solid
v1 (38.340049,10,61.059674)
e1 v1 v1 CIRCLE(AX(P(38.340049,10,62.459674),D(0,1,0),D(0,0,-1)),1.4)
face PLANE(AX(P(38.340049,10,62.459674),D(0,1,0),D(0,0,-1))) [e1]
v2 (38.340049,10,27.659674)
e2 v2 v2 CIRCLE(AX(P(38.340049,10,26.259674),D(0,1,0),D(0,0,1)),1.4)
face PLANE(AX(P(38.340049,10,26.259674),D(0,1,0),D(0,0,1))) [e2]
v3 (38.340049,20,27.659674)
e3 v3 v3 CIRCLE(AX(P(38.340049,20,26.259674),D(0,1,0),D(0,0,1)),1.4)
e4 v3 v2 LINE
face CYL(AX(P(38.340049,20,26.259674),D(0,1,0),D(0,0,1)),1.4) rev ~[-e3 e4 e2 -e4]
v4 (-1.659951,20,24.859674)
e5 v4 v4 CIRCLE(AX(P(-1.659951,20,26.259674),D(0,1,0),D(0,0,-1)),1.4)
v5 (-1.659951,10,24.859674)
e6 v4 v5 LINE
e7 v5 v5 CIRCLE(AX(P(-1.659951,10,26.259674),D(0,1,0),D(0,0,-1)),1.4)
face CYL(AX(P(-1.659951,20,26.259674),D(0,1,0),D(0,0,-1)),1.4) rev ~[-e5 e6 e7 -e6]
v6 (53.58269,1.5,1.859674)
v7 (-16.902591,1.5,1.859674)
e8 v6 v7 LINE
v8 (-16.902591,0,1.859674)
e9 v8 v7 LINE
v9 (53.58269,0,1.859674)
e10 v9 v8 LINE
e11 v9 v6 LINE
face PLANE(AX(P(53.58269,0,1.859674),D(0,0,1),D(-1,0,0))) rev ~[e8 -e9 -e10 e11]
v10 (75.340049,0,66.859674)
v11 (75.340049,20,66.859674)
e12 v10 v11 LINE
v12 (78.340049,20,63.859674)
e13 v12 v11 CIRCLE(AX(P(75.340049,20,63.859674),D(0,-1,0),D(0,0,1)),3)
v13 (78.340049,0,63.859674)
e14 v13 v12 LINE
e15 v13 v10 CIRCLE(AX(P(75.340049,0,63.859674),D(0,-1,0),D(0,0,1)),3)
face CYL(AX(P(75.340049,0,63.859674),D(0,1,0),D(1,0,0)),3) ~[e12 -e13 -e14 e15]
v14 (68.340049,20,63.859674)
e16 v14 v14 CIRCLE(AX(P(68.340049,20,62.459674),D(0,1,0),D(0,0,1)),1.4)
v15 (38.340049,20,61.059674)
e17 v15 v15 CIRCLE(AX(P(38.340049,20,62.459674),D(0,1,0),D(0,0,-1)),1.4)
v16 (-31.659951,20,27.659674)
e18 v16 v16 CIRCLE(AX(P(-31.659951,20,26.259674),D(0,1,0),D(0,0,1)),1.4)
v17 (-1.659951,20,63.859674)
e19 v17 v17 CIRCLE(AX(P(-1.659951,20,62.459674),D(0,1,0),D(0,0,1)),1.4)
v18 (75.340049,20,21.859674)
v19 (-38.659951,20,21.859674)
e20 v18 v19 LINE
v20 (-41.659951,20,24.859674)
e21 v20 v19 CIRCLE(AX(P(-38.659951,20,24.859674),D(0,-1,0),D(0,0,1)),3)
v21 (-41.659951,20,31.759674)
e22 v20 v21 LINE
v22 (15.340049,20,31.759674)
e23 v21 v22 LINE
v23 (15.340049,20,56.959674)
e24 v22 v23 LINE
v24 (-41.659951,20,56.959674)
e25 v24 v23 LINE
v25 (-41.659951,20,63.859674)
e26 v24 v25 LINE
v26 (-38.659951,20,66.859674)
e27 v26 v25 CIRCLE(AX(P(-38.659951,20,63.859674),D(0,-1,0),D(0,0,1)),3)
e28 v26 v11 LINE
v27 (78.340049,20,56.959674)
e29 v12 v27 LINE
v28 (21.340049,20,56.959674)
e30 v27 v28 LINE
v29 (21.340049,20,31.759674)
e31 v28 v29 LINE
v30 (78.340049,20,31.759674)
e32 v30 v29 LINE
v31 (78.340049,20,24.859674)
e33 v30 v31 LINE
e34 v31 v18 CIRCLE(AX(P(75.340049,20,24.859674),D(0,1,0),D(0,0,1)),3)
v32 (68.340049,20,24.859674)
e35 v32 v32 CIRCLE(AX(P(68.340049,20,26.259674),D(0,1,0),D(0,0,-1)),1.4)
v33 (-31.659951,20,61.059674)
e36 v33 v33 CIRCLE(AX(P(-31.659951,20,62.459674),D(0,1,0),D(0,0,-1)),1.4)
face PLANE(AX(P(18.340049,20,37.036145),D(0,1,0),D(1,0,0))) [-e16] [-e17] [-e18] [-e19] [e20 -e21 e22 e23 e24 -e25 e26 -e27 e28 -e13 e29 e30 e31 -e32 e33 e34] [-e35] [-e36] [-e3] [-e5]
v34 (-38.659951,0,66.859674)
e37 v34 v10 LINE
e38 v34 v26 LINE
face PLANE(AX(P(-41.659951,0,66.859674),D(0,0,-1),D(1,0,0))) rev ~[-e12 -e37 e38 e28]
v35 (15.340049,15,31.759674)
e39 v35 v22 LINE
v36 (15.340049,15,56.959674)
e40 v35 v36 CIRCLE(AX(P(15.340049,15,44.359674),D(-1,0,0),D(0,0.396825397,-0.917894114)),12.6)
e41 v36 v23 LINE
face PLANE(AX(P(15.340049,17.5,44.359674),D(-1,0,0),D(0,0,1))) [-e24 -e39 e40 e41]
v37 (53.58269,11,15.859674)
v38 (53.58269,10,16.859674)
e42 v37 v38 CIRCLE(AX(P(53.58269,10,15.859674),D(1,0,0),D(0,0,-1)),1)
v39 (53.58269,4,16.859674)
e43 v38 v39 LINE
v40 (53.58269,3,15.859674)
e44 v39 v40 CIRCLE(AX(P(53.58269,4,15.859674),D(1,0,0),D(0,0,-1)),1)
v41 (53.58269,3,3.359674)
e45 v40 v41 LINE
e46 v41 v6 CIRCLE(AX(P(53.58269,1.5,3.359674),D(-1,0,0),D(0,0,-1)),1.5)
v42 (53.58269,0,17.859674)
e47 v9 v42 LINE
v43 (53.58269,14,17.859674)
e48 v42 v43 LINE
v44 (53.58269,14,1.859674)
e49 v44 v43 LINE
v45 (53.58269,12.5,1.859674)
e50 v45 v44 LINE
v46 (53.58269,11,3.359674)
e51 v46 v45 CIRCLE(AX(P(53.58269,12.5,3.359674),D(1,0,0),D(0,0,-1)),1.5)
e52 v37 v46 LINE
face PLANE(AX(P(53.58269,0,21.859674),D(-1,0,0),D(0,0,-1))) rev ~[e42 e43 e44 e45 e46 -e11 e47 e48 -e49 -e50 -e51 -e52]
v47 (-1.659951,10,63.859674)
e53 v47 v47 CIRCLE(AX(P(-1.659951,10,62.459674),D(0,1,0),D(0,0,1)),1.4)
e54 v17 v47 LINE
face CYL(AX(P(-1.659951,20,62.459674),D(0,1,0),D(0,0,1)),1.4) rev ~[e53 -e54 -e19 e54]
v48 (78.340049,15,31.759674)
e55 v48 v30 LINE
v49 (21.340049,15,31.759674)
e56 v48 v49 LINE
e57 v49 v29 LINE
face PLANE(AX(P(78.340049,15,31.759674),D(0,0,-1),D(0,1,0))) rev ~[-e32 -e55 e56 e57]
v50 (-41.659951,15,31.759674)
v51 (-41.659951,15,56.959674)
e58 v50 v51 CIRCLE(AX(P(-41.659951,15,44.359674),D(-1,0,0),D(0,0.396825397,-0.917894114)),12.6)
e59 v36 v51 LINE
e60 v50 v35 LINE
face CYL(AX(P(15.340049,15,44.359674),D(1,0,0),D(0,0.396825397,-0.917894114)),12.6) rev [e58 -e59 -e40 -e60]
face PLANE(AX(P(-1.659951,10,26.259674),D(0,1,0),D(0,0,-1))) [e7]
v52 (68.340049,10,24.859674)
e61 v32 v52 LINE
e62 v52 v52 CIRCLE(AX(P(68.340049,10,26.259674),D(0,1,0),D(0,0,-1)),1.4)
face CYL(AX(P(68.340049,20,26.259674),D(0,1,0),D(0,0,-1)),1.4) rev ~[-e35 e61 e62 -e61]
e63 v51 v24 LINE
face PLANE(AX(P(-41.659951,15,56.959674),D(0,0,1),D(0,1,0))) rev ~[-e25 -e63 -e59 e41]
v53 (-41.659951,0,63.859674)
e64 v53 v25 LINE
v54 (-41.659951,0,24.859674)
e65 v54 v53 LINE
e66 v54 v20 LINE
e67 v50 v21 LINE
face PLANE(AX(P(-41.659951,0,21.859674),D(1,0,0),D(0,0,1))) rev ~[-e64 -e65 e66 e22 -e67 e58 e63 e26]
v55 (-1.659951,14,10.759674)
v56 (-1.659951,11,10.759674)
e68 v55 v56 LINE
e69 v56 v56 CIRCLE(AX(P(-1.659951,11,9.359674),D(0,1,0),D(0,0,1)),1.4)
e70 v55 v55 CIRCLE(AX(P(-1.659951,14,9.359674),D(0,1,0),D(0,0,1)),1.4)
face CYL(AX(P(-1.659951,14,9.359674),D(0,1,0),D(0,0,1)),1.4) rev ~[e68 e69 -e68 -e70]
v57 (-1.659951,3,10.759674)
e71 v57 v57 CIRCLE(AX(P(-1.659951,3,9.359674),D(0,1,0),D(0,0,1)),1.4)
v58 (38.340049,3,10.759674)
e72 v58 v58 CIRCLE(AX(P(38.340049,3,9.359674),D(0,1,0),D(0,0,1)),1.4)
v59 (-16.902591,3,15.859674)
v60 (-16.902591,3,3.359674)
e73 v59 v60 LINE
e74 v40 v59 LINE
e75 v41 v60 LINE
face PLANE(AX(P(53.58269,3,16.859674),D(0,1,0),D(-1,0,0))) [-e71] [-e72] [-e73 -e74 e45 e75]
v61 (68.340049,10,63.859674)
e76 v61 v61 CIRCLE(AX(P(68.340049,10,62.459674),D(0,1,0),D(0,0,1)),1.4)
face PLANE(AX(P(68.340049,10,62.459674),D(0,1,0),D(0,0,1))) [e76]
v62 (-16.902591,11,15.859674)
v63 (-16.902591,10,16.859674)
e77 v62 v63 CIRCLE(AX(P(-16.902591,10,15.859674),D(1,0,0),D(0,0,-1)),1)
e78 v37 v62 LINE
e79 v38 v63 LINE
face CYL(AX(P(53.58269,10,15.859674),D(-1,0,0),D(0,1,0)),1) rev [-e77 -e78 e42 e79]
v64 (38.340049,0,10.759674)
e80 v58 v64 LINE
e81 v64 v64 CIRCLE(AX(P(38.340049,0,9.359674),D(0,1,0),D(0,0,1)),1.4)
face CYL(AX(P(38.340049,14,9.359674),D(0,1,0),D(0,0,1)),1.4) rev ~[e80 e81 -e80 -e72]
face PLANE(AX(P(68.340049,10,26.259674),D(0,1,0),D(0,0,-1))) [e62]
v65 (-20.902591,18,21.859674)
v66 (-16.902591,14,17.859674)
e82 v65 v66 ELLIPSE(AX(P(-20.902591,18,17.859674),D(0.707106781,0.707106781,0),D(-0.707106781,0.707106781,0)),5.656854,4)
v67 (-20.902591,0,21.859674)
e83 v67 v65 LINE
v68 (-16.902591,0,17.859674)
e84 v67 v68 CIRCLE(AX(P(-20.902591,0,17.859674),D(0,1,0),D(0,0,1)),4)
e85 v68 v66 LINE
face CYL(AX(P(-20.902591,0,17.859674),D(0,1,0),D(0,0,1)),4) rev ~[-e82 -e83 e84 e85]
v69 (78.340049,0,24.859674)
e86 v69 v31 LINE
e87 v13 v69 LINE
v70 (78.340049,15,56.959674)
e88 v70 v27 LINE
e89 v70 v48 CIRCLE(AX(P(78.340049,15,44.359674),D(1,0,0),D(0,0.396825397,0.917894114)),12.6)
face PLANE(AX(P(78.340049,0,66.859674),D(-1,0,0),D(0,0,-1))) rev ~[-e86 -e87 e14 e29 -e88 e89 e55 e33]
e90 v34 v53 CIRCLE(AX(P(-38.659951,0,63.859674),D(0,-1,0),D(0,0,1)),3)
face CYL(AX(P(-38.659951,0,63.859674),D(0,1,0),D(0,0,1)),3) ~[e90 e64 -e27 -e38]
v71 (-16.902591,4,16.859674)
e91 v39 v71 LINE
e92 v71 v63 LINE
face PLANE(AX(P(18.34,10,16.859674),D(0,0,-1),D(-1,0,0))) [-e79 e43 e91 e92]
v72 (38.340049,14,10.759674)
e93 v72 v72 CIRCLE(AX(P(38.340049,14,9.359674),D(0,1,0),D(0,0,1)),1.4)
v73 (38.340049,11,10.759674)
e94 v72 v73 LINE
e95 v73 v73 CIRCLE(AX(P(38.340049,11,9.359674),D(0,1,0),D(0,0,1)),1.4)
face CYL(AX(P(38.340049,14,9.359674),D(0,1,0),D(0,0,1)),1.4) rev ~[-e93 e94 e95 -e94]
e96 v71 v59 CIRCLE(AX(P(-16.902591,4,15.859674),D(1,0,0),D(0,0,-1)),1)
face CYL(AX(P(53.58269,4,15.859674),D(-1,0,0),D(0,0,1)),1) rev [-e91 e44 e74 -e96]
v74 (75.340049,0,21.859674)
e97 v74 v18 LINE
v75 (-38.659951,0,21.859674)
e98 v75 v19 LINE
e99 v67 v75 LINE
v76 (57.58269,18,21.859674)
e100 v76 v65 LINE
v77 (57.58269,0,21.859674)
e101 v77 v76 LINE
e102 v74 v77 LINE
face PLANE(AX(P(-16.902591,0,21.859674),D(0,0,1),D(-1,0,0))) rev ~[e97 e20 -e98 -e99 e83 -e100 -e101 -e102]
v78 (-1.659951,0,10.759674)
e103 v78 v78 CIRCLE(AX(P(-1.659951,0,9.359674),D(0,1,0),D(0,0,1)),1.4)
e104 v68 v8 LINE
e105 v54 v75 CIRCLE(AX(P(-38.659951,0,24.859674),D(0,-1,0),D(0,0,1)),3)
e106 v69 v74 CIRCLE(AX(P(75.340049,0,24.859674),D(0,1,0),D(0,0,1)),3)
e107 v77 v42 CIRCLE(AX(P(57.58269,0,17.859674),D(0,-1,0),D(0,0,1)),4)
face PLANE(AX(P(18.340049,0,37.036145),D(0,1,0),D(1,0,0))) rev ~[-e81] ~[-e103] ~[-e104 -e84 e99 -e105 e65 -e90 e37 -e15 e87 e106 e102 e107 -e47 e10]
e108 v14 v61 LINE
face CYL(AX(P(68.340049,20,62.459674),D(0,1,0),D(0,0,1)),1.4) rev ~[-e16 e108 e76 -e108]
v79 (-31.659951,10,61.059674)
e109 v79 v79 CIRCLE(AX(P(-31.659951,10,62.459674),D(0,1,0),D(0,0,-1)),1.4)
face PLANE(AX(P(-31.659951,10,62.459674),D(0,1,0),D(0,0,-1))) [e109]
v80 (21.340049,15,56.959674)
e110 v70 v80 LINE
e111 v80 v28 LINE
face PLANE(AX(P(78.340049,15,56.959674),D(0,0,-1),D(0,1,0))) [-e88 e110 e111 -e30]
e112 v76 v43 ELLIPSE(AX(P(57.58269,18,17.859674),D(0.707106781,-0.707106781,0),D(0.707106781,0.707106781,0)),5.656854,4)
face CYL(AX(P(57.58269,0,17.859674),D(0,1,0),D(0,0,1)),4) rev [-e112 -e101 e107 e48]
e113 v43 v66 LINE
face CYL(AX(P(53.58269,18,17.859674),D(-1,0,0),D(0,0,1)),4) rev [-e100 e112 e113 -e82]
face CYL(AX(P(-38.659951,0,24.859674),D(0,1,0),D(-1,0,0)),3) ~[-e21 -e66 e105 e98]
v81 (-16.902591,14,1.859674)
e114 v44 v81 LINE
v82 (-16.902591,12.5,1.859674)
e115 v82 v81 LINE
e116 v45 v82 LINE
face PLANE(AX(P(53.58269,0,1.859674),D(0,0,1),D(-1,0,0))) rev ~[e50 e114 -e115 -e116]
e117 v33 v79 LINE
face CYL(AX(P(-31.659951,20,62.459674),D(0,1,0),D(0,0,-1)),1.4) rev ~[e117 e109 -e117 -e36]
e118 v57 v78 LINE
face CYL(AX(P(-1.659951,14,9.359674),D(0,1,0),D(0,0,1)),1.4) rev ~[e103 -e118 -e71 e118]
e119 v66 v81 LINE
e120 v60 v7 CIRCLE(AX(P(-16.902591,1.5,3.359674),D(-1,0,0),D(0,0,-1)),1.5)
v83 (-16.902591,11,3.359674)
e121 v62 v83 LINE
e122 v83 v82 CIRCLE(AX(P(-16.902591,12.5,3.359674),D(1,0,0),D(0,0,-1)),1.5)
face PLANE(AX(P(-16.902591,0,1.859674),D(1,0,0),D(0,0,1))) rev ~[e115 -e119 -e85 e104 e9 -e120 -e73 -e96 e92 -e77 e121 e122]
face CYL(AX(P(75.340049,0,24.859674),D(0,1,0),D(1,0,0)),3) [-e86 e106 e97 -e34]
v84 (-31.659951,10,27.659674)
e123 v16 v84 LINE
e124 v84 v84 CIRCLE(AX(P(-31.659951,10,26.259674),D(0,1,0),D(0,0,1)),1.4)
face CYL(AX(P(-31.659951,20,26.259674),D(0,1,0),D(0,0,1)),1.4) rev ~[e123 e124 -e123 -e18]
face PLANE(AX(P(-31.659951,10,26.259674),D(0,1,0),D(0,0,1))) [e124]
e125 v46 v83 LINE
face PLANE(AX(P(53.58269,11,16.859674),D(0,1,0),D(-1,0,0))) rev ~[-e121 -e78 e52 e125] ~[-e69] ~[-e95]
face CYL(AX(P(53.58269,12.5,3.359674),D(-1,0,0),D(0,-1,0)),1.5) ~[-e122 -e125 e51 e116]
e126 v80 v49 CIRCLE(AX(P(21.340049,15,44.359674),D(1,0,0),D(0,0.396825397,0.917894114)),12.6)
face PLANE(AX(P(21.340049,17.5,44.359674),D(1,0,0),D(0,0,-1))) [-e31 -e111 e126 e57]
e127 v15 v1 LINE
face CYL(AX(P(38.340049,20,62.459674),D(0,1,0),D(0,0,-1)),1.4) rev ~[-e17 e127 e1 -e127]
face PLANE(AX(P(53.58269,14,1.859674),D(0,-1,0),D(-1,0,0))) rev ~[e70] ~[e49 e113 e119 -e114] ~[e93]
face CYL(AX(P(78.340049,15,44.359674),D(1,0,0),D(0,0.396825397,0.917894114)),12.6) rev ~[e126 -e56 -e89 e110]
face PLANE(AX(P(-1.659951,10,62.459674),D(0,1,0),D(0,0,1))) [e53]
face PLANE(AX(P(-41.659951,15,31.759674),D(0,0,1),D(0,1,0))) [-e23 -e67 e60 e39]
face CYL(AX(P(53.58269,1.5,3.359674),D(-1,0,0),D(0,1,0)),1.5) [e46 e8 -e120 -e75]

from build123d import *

# Parameters (mm, degrees)
BOSS_EXTRUDE1_DEPTH     = 20
CUT_EXTRUDE1_DEPTH      = 57
CUT_EXTRUDE2_START      = -57
CUT_EXTRUDE2_DEPTH      = 57
SKETCH12_W              = 70.48528137
SKETCH12_H              = 6
CUT_EXTRUDE3_DEPTH      = 20
CUT_EXTRUDE4_DEPTH      = 104.740847077
CUT_EXTRUDE4_DEPTH_BACK = 15
SKETCH12_7_OUTSIDE_W    = 149.586
SKETCH12_7_OUTSIDE_H    = 49.586
SKETCH12_7_OUTSIDE_W_2  = 70.48528137
SKETCH12_7_OUTSIDE_H_2  = 3
SKETCH16_W              = 25.2
SKETCH16_H              = 5
CUT_EXTRUDE8_DEPTH      = 57
SKETCH18_R              = 1.4
CUT_EXTRUDE11_DEPTH     = 10
FILLET2_R               = 1
FILLET3_R               = 1.5
SKETCH20_W              = 25.2
SKETCH20_H              = 5
CUT_EXTRUDE12_DEPTH     = 57
FILLET5_R               = 3
FILLET6_R               = 4
SKETCH21_R              = 1.4
CUT_EXTRUDE13_DEPTH     = 20


with BuildPart() as part:
    # Sketch2 → Boss-Extrude1 (new body)
    with BuildSketch(Plane(origin=(0, 0, 0), x_dir=(1, 0, 0), z_dir=(0, 1, 0))):
        Polygon((-41.659950522, -21.859673837), (-41.659950522, -66.859673837), (78.340049478, -66.859673837), (78.340049478, -21.859673837), (53.582690163, -21.859673837), (53.582690163, -1.859673837), (-16.902591207, -1.859673837), (-16.902591207, -21.859673837), align=None)
    extrude(amount=BOSS_EXTRUDE1_DEPTH)

    # Sketch3 → Cut-Extrude1 (cut)
    with BuildSketch(Plane(origin=(78.340049478, 0, 0), x_dir=(0, 0, -1), z_dir=(1, 0, 0))):
        with BuildLine():
            ThreePointArc((-55.925139673, 20), (-46.912626096, 2.661343883), (-31.759673837, 15))
            ThreePointArc((-31.759673837, 15), (-32.02101772, 17.552952259), (-32.794208001, 20))
            Line((-32.794208001, 20), (-55.925139673, 20))
        make_face()
    extrude(amount=-CUT_EXTRUDE1_DEPTH, mode=Mode.SUBTRACT)

    # Sketch5 → Cut-Extrude2 (cut)
    with BuildSketch(Plane.ZY.offset(41.659950522).offset(CUT_EXTRUDE2_START)):
        with BuildLine():
            ThreePointArc((32.794208001, 20), (41.806721579, 2.661343883), (56.959673837, 15))
            ThreePointArc((56.959673837, 15), (56.698329954, 17.552952259), (55.925139673, 20))
            Line((55.925139673, 20), (32.794208001, 20))
        make_face()
    extrude(amount=CUT_EXTRUDE2_DEPTH, mode=Mode.SUBTRACT)

    # Sketch12 → Cut-Extrude3 (cut)
    with BuildSketch(Plane(origin=(0, 0, 1.859673837), x_dir=(-1, 0, 0), z_dir=(0, 0, -1))):
        with Locations((-18.340049478, 17)):
            Rectangle(SKETCH12_W, SKETCH12_H)
    extrude(amount=-CUT_EXTRUDE3_DEPTH, mode=Mode.SUBTRACT)

    # Sketch12<7> outside → Cut-Extrude4 (cut, two sides: drawn at the far end of the back side and taken through both)
    with BuildSketch(Plane(origin=(0, 0, 1.859673837), x_dir=(-1, 0, 0), z_dir=(0, 0, -1)).offset(-CUT_EXTRUDE4_DEPTH_BACK)):
        with Locations((-18.34, 10)):
            Rectangle(SKETCH12_7_OUTSIDE_W, SKETCH12_7_OUTSIDE_H)
        with Locations((-18.340049478, 1.5)):
            Rectangle(SKETCH12_7_OUTSIDE_W_2, SKETCH12_7_OUTSIDE_H_2, mode=Mode.SUBTRACT)
        with Locations((-18.340049478, 12.5)):
            Rectangle(SKETCH12_7_OUTSIDE_W_2, SKETCH12_7_OUTSIDE_H_2, mode=Mode.SUBTRACT)
    extrude(amount=CUT_EXTRUDE4_DEPTH + CUT_EXTRUDE4_DEPTH_BACK, mode=Mode.SUBTRACT)

    # Sketch16 → Cut-Extrude8 (cut)
    with BuildSketch(Plane.ZY.offset(41.659950522)):
        with Locations((44.359673837, 17.5)):
            Rectangle(SKETCH16_W, SKETCH16_H)
    extrude(amount=-CUT_EXTRUDE8_DEPTH, mode=Mode.SUBTRACT)

    # Sketch18 → Cut-Extrude11 (cut)
    with BuildSketch(Plane(origin=(0, 20, 0), x_dir=(1, 0, 0), z_dir=(0, 1, 0))):
        with Locations((-31.659950522, -26.259673837)):
            Circle(SKETCH18_R)
        with Locations((-1.659950522, -26.259673837)):
            Circle(SKETCH18_R)
        with Locations((-1.659950522, -62.459673837)):
            Circle(SKETCH18_R)
        with Locations((-31.659950522, -62.459673837)):
            Circle(SKETCH18_R)
        with Locations((38.340049478, -62.459673837)):
            Circle(SKETCH18_R)
        with Locations((68.340049478, -62.459673837)):
            Circle(SKETCH18_R)
        with Locations((38.340049478, -26.259673837)):
            Circle(SKETCH18_R)
        with Locations((68.340049478, -26.259673837)):
            Circle(SKETCH18_R)
    extrude(amount=-CUT_EXTRUDE11_DEPTH, mode=Mode.SUBTRACT)

    # Fillet2
    fillet2_edges = [part.edges().sort_by_distance(p)[0] for p in [
        (18.340049478, 3, 16.859673837),
        (18.340049478, 11, 16.859673837),
    ]]
    fillet(fillet2_edges, radius=FILLET2_R)

    # Fillet3
    fillet3_edges = [part.edges().sort_by_distance(p)[0] for p in [
        (18.340049478, 3, 1.859673837),
        (18.340049478, 11, 1.859673837),
    ]]
    fillet(fillet3_edges, radius=FILLET3_R)

    # Sketch20 → Cut-Extrude12 (cut)
    with BuildSketch(Plane(origin=(78.340049478, 0, 0), x_dir=(0, 0, -1), z_dir=(1, 0, 0))):
        with Locations((-44.359673837, 17.5)):
            Rectangle(SKETCH20_W, SKETCH20_H)
    extrude(amount=-CUT_EXTRUDE12_DEPTH, mode=Mode.SUBTRACT)

    # Fillet5
    fillet5_edges = [part.edges().sort_by_distance(p)[0] for p in [
        (78.340049478, 10, 66.859673837),
        (78.340049478, 10, 21.859673837),
        (-41.659950522, 10, 21.859673837),
        (-41.659950522, 10, 66.859673837),
    ]]
    fillet(fillet5_edges, radius=FILLET5_R)

    # Fillet6
    fillet6_edges = [part.edges().sort_by_distance(p)[0] for p in [
        (53.582690163, 7, 21.859673837),
        (-16.902591207, 7, 21.859673837),
        (18.340049478, 14, 21.859673837),
    ]]
    fillet(fillet6_edges, radius=FILLET6_R)

    # Sketch21 → Cut-Extrude13 (cut)
    with BuildSketch(Plane(origin=(0, 14, 0), x_dir=(1, 0, 0), z_dir=(0, 1, 0))):
        with Locations((38.340049478, -9.359673837)):
            Circle(SKETCH21_R)
        with Locations((-1.659950522, -9.359673837)):
            Circle(SKETCH21_R)
    extrude(amount=-CUT_EXTRUDE13_DEPTH, mode=Mode.SUBTRACT)


solid = part.part
